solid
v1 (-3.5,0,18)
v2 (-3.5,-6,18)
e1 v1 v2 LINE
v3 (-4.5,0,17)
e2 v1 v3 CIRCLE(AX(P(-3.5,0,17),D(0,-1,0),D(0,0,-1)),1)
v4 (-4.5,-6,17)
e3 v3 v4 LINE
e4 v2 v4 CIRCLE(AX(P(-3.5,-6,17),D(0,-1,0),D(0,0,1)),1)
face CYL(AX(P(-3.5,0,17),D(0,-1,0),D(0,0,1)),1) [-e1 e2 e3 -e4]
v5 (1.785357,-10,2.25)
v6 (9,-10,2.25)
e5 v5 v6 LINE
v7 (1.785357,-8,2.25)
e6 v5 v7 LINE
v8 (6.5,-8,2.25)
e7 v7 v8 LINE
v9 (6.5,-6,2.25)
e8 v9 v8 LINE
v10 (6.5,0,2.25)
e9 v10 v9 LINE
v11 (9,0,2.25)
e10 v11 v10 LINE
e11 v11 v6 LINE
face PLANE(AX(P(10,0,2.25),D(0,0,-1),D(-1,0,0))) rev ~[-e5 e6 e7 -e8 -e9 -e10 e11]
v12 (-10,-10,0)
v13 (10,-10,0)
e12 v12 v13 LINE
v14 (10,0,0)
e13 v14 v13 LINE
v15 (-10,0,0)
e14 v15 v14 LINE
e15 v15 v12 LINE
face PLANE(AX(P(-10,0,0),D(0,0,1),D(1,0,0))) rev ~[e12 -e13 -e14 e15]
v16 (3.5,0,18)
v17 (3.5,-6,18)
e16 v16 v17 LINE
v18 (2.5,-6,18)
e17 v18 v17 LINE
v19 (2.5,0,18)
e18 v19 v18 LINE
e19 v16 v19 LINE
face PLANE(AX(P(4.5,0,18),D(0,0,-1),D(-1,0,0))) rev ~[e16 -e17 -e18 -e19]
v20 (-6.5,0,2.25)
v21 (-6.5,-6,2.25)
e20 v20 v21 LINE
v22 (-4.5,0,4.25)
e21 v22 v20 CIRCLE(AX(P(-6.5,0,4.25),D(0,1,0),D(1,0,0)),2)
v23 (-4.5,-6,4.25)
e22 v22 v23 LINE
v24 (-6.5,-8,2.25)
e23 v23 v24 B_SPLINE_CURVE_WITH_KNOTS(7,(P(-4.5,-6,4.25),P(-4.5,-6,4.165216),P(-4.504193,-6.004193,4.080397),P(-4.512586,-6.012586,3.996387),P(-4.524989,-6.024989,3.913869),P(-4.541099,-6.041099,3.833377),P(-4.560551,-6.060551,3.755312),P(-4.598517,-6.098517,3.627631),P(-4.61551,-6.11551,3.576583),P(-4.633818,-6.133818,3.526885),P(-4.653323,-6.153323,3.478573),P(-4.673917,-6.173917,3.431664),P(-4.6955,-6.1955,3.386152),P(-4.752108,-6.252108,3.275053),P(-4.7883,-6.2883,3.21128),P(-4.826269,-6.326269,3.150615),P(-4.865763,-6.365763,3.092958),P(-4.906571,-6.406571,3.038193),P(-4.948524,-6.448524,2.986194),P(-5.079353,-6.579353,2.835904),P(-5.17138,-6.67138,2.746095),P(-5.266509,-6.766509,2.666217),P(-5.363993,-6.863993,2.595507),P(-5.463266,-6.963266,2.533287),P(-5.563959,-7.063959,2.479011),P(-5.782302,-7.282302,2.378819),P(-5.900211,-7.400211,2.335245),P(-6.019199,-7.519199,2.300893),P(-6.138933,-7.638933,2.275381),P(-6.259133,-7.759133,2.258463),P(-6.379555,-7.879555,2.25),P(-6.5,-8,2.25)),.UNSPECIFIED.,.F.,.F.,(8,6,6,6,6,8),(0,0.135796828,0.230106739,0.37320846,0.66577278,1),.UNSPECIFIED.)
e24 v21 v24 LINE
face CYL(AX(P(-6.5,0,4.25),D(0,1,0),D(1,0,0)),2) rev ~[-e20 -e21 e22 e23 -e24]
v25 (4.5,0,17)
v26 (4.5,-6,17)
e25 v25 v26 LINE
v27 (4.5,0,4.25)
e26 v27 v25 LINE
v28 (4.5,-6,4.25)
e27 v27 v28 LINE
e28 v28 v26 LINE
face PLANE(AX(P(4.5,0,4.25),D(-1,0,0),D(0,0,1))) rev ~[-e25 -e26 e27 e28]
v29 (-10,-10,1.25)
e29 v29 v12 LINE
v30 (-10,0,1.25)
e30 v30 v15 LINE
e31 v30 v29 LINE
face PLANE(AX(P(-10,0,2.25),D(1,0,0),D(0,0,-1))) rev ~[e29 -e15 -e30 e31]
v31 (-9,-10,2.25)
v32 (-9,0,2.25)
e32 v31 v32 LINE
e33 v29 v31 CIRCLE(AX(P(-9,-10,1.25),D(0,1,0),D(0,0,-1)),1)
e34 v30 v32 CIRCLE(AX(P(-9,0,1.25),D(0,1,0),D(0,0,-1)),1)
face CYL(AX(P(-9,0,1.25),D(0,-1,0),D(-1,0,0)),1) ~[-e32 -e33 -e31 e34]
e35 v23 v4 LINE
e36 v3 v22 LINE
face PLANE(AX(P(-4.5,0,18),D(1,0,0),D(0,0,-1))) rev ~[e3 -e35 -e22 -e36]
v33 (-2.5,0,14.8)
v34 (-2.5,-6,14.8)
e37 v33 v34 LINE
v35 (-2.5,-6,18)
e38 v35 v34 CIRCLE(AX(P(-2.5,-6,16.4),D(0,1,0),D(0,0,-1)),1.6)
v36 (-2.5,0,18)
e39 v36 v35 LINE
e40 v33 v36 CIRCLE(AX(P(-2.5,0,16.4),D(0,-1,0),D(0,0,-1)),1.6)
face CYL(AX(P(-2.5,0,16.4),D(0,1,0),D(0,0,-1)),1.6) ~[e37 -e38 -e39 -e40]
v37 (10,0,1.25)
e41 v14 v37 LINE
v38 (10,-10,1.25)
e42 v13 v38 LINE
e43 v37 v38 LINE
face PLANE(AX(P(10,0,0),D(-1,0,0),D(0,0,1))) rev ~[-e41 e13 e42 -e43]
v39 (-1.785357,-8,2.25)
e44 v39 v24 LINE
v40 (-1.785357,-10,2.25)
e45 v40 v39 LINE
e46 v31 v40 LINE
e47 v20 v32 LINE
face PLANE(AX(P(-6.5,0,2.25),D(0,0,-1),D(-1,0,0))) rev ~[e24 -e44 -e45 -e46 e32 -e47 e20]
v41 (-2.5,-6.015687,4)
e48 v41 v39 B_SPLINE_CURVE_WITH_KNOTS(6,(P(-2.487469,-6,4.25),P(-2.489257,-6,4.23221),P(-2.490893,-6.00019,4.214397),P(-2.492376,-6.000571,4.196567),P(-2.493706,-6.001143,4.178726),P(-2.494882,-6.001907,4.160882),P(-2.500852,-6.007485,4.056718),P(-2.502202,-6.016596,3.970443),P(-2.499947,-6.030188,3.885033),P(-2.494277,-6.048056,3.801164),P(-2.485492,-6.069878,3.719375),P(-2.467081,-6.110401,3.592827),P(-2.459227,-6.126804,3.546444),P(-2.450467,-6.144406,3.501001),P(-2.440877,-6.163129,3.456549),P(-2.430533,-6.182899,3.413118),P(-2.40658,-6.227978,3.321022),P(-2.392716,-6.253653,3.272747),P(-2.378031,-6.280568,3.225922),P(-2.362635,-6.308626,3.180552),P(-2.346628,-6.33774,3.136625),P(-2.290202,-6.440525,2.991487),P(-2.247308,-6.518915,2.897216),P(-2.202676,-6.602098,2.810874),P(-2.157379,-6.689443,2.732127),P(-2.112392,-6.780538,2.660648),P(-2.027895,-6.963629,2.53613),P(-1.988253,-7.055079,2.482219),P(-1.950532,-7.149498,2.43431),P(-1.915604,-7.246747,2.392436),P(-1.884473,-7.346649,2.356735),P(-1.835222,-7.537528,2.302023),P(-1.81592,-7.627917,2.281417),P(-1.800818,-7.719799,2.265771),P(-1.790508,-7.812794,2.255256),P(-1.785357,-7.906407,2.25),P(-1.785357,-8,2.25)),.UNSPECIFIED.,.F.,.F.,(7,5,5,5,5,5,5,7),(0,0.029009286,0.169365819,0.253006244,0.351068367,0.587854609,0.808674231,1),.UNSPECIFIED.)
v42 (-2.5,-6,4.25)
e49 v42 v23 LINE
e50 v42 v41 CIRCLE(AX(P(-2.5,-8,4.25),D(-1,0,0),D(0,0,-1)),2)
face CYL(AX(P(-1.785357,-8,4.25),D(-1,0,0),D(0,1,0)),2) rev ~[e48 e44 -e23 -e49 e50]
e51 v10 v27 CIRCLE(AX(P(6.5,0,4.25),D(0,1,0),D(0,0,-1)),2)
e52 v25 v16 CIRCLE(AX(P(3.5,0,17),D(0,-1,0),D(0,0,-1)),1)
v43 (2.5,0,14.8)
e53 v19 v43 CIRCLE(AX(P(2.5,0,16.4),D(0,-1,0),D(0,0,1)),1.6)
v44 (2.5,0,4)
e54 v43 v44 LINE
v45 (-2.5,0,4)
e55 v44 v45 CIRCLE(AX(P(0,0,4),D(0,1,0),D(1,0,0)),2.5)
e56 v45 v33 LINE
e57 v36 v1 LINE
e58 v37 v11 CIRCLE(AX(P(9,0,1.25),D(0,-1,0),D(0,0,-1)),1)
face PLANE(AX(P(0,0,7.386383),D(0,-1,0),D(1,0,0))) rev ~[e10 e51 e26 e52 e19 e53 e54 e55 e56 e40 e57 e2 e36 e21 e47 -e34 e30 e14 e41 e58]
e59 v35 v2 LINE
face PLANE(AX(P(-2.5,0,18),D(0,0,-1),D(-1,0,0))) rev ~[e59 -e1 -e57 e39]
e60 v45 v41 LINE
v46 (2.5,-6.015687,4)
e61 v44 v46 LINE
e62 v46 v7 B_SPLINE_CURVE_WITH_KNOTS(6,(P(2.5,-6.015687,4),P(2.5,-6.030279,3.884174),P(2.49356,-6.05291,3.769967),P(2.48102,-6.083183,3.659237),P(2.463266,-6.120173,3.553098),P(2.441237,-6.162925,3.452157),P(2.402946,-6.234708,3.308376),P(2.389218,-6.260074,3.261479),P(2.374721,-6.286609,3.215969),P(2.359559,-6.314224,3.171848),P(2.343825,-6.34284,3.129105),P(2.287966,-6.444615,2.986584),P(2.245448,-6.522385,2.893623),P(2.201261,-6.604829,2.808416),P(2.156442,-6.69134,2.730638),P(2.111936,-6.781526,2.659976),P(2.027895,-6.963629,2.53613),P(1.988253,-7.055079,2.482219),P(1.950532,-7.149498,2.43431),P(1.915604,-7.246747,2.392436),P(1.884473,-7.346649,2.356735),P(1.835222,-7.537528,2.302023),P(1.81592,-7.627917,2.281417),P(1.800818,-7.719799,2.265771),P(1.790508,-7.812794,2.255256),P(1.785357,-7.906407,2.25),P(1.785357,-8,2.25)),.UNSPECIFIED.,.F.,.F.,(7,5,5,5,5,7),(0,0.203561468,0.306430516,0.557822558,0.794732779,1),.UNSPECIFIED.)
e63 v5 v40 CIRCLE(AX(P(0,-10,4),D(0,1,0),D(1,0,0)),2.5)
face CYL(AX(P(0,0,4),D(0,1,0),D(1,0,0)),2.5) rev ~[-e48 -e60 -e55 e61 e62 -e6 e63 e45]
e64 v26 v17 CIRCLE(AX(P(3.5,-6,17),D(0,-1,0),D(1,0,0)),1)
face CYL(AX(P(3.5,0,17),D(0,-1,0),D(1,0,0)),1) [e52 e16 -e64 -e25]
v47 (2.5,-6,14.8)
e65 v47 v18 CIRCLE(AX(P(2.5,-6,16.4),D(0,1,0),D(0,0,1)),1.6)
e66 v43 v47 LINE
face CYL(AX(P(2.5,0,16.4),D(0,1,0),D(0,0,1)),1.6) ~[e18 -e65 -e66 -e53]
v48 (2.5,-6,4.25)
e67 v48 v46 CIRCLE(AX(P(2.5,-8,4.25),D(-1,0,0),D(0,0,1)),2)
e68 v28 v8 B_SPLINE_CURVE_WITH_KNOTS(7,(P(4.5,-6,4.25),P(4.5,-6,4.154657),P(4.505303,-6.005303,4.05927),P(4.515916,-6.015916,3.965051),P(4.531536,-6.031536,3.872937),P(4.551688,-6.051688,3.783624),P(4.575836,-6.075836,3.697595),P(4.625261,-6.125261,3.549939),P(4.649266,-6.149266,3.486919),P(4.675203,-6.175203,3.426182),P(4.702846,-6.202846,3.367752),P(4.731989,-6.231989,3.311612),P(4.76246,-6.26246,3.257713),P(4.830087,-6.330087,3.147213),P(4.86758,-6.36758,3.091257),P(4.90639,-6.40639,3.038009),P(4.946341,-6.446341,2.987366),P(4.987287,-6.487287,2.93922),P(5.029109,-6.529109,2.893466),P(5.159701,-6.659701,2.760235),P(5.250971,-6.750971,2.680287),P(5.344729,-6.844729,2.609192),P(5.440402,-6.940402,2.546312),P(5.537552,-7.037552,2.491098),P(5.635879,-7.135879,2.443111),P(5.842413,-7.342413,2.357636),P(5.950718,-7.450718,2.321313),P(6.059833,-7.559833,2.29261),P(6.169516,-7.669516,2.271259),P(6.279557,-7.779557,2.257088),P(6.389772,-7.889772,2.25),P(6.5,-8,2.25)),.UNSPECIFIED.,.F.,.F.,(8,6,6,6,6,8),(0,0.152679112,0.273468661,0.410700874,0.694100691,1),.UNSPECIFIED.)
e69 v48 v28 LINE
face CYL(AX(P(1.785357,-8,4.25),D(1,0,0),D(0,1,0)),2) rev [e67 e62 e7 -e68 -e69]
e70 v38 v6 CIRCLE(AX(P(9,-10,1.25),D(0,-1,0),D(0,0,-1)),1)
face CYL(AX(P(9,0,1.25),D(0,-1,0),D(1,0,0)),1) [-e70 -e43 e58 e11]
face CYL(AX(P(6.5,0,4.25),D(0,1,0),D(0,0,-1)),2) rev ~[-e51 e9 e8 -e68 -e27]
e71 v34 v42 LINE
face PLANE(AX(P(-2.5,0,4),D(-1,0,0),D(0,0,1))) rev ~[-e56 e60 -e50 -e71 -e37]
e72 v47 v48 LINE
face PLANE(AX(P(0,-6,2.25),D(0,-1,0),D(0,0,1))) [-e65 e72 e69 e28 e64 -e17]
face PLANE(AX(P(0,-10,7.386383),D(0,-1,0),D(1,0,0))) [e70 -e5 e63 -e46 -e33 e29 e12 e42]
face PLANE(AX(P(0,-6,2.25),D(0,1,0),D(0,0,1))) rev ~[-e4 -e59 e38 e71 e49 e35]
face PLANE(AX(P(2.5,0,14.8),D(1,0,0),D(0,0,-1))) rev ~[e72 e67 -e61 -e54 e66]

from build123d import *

# Parameters (mm, degrees)
F1_DEPTH      = 10
F2_R          = 1
F3_R          = 1
F4_R          = 1
F5_R          = 1
F6_W          = 4
F6_H          = 15.75
F7_DEPTH      = 10.001
F7_DEPTH_BACK = 10.001
F8_R          = 2


with BuildPart() as f1:
    # F0 (on Front) → F1 (new body)
    with BuildSketch(Plane.XZ):
        with BuildLine():
            Line((-10, 0), (0, 0))
            Line((0, 0), (10, 0))
            Line((10, 0), (10, 2.25))
            Line((10, 2.25), (6.5, 2.25))
            ThreePointArc((6.5, 2.25), (5.0857864376, 2.8357864376), (4.5, 4.25))
            Line((4.5, 4.25), (4.5, 18))
            Line((4.5, 18), (2.5, 18))
            ThreePointArc((2.5, 18), (0.9, 16.4), (2.5, 14.8))
            Line((2.5, 14.8), (2.5, 4))
            ThreePointArc((2.5, 4), (0, 1.5), (-2.5, 4))
            Line((-2.5, 4), (-2.5, 14.8))
            ThreePointArc((-2.5, 14.8), (-0.9, 16.4), (-2.5, 18))
            Line((-2.5, 18), (-4.5, 18))
            Line((-4.5, 18), (-4.5, 4.25))
            ThreePointArc((-4.5, 4.25), (-5.0857864376, 2.8357864376), (-6.5, 2.25))
            Line((-6.5, 2.25), (-10, 2.25))
            Line((-10, 2.25), (-10, 0))
        make_face()
    extrude(amount=F1_DEPTH)

    # F2
    f2_edges = [f1.edges().sort_by_distance(p)[0] for p in [
        (4.5, -5, 18),
    ]]
    fillet(f2_edges, radius=F2_R)

    # F3
    f3_edges = [f1.edges().sort_by_distance(p)[0] for p in [
        (-4.5, -5, 18),
    ]]
    fillet(f3_edges, radius=F3_R)

    # F4
    f4_edges = [f1.edges().sort_by_distance(p)[0] for p in [
        (10, -5, 2.25),
    ]]
    fillet(f4_edges, radius=F4_R)

    # F5
    f5_edges = [f1.edges().sort_by_distance(p)[0] for p in [
        (-10, -5, 2.25),
    ]]
    fillet(f5_edges, radius=F5_R)

    # F6 (on Right) → F7 (cut, two sides)
    with BuildSketch(Plane.YZ) as f7_sk:
        with Locations((-8, 10.125)):
            Rectangle(F6_W, F6_H)
    extrude(amount=-F7_DEPTH, mode=Mode.SUBTRACT)
    extrude(f7_sk.sketch, amount=F7_DEPTH_BACK, mode=Mode.SUBTRACT)

    # F8
    f8_edges = [f1.edges().sort_by_distance(p)[0] for p in [
        (-4.142679, -6, 2.25),
        (4.142679, -6, 2.25),
    ]]
    fillet(f8_edges, radius=F8_R)


solid = f1.part
